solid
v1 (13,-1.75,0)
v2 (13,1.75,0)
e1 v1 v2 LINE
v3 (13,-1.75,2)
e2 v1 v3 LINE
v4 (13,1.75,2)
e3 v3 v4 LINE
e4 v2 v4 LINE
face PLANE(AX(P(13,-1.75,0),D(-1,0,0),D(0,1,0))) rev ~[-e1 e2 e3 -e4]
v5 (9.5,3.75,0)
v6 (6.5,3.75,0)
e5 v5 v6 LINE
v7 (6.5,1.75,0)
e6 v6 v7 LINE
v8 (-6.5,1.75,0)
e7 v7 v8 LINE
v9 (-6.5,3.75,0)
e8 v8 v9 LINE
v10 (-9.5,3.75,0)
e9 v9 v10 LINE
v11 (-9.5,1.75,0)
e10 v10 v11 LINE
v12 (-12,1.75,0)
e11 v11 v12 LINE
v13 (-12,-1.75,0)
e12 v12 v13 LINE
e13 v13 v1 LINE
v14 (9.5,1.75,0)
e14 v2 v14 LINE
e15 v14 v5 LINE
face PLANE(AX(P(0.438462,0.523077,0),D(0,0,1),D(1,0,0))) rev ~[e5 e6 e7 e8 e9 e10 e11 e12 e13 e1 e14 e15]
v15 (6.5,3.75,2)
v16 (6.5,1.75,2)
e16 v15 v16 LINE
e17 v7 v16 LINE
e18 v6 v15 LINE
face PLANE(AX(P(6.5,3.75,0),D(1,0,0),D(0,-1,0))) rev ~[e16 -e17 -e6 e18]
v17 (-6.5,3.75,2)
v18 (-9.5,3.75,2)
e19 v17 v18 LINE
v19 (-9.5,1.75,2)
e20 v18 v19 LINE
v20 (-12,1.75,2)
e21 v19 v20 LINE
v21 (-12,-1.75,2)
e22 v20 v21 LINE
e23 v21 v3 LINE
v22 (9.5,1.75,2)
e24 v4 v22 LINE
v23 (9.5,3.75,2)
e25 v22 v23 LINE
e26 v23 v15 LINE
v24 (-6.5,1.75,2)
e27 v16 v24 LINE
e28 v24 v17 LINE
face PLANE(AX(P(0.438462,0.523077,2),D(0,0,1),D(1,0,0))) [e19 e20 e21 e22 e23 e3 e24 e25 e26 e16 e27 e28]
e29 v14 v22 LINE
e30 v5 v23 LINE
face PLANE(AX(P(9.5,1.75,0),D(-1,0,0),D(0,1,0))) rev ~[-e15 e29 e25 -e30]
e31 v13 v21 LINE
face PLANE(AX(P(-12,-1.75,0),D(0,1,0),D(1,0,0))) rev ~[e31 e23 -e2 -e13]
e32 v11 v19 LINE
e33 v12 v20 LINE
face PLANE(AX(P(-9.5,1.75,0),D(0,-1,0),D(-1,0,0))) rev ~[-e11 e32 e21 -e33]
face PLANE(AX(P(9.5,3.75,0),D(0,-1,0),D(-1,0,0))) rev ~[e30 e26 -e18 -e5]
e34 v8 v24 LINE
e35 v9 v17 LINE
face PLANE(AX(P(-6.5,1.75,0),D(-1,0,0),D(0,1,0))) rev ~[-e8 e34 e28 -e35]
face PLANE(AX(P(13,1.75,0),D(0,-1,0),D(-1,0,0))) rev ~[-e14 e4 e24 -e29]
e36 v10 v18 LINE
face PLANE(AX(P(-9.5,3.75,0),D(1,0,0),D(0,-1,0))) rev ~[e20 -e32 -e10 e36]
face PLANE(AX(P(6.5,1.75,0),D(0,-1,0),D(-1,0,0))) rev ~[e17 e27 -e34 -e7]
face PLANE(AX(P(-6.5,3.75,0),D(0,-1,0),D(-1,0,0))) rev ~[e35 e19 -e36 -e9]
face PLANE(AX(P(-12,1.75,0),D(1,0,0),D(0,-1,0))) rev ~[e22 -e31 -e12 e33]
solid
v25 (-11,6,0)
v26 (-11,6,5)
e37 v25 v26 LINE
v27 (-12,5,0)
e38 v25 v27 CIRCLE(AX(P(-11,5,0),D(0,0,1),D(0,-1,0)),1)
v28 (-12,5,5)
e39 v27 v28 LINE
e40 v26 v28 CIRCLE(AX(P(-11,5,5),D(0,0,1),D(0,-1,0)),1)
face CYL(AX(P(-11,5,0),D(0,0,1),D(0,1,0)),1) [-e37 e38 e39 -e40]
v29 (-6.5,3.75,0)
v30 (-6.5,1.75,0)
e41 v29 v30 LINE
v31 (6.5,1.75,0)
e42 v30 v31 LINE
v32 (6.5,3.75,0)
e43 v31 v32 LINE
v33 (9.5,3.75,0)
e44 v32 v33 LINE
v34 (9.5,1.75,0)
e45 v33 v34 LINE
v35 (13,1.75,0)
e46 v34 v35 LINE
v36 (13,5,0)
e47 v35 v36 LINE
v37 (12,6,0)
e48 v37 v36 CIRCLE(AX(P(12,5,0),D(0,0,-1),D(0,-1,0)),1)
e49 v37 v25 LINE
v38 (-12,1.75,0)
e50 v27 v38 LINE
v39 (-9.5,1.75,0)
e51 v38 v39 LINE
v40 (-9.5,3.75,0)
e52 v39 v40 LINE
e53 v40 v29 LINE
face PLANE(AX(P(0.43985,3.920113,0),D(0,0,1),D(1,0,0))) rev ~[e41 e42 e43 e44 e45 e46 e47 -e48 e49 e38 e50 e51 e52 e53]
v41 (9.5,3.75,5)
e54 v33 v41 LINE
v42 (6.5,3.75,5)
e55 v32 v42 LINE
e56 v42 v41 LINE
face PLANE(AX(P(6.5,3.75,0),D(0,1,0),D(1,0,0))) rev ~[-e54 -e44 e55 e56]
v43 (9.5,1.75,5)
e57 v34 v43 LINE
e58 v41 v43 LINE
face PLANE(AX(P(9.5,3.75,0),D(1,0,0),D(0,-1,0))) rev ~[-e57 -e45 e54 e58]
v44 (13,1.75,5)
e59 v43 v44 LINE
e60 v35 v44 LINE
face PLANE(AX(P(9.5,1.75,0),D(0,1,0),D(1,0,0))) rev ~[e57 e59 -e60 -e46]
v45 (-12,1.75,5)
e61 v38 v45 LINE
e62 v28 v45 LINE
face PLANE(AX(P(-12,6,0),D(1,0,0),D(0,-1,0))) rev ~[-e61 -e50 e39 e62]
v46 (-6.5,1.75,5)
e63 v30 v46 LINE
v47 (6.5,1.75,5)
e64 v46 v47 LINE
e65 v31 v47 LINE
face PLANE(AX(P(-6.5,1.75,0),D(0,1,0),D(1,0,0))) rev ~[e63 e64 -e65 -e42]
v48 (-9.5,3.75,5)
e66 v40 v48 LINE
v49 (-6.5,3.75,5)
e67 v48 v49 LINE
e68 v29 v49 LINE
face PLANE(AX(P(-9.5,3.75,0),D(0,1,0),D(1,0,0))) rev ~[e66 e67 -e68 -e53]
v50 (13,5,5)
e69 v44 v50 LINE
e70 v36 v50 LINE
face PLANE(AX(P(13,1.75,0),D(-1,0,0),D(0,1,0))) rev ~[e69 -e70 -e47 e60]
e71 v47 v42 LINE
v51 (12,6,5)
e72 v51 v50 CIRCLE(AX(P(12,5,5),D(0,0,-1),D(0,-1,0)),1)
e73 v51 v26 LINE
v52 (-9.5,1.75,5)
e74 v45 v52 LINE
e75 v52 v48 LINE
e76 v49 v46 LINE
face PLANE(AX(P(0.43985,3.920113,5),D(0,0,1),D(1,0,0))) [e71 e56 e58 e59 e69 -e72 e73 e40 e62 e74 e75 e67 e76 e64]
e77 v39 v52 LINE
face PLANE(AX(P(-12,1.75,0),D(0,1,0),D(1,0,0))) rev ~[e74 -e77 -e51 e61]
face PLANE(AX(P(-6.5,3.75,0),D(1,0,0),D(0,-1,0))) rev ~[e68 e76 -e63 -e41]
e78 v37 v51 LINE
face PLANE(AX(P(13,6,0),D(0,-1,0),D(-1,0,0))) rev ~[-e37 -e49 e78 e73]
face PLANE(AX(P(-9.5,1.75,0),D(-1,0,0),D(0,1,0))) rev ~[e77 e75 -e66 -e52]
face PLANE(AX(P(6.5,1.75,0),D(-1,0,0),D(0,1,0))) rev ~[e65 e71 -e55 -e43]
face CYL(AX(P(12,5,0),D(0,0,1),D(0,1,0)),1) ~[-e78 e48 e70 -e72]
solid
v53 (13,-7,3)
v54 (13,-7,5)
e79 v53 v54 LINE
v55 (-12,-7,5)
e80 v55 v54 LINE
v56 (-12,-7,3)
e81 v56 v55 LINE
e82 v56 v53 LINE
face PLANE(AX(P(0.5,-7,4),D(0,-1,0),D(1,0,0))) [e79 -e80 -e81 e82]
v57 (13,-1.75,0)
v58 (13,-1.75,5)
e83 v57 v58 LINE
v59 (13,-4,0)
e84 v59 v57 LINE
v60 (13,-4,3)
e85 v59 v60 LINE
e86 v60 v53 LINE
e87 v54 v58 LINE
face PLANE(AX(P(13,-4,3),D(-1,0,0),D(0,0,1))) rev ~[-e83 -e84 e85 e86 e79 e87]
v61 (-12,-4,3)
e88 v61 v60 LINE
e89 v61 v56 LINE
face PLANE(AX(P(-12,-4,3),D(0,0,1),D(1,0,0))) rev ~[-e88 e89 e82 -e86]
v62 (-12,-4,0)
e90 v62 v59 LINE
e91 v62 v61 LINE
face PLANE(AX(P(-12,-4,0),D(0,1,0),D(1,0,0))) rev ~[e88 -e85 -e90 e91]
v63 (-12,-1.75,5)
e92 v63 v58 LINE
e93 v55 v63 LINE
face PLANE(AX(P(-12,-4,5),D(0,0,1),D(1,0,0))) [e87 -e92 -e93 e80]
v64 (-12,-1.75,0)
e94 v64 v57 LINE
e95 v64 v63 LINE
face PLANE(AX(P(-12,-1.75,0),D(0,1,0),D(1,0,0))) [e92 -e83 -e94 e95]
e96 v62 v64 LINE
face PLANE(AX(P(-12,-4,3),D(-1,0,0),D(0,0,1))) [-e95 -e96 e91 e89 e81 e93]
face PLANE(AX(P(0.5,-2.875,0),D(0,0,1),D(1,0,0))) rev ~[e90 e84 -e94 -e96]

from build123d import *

# Parameters (mm, degrees)
F0_W     = 25
F0_H     = 2.25
F1_DEPTH = 5
F2_DEPTH = 2
F3_R     = 1
F4_W     = 25
F4_H     = 2
F5_DEPTH = 3


with BuildPart() as f1:
    # F0 (on Top) → F1 (new body)
    with BuildSketch(Plane.XY):
        Polygon((13, 6), (-12, 6), (-12, 1.75), (-9.5, 1.75), (-9.5, 3.75), (-6.5, 3.75), (-6.5, 1.75), (6.5, 1.75), (6.5, 3.75), (9.5, 3.75), (9.5, 1.75), (13, 1.75), align=None)
        with Locations((0.5, -2.875)):
            Rectangle(F0_W, F0_H)
    extrude(amount=F1_DEPTH)

    # F3
    f3_edges = [f1.edges().sort_by_distance(p)[0] for p in [
        (13, 6, 2.5),
        (-12, 6, 2.5),
    ]]
    fillet(f3_edges, radius=F3_R)

    # F4 (on face) → F5 (join)
    with BuildSketch(Plane.XZ.offset(4)):
        with Locations((0.5, 4)):
            Rectangle(F4_W, F4_H)
    extrude(amount=F5_DEPTH)


with BuildPart() as f2:
    # F0 (on Top) → F2 (new body)
    with BuildSketch(Plane.XY):
        Polygon((-9.5, 1.75), (-12, 1.75), (-12, -1.75), (13, -1.75), (13, 1.75), (9.5, 1.75), (9.5, 3.75), (6.5, 3.75), (6.5, 1.75), (-6.5, 1.75), (-6.5, 3.75), (-9.5, 3.75), align=None)
    extrude(amount=F2_DEPTH)


solid = Compound([f1.part, f2.part])
